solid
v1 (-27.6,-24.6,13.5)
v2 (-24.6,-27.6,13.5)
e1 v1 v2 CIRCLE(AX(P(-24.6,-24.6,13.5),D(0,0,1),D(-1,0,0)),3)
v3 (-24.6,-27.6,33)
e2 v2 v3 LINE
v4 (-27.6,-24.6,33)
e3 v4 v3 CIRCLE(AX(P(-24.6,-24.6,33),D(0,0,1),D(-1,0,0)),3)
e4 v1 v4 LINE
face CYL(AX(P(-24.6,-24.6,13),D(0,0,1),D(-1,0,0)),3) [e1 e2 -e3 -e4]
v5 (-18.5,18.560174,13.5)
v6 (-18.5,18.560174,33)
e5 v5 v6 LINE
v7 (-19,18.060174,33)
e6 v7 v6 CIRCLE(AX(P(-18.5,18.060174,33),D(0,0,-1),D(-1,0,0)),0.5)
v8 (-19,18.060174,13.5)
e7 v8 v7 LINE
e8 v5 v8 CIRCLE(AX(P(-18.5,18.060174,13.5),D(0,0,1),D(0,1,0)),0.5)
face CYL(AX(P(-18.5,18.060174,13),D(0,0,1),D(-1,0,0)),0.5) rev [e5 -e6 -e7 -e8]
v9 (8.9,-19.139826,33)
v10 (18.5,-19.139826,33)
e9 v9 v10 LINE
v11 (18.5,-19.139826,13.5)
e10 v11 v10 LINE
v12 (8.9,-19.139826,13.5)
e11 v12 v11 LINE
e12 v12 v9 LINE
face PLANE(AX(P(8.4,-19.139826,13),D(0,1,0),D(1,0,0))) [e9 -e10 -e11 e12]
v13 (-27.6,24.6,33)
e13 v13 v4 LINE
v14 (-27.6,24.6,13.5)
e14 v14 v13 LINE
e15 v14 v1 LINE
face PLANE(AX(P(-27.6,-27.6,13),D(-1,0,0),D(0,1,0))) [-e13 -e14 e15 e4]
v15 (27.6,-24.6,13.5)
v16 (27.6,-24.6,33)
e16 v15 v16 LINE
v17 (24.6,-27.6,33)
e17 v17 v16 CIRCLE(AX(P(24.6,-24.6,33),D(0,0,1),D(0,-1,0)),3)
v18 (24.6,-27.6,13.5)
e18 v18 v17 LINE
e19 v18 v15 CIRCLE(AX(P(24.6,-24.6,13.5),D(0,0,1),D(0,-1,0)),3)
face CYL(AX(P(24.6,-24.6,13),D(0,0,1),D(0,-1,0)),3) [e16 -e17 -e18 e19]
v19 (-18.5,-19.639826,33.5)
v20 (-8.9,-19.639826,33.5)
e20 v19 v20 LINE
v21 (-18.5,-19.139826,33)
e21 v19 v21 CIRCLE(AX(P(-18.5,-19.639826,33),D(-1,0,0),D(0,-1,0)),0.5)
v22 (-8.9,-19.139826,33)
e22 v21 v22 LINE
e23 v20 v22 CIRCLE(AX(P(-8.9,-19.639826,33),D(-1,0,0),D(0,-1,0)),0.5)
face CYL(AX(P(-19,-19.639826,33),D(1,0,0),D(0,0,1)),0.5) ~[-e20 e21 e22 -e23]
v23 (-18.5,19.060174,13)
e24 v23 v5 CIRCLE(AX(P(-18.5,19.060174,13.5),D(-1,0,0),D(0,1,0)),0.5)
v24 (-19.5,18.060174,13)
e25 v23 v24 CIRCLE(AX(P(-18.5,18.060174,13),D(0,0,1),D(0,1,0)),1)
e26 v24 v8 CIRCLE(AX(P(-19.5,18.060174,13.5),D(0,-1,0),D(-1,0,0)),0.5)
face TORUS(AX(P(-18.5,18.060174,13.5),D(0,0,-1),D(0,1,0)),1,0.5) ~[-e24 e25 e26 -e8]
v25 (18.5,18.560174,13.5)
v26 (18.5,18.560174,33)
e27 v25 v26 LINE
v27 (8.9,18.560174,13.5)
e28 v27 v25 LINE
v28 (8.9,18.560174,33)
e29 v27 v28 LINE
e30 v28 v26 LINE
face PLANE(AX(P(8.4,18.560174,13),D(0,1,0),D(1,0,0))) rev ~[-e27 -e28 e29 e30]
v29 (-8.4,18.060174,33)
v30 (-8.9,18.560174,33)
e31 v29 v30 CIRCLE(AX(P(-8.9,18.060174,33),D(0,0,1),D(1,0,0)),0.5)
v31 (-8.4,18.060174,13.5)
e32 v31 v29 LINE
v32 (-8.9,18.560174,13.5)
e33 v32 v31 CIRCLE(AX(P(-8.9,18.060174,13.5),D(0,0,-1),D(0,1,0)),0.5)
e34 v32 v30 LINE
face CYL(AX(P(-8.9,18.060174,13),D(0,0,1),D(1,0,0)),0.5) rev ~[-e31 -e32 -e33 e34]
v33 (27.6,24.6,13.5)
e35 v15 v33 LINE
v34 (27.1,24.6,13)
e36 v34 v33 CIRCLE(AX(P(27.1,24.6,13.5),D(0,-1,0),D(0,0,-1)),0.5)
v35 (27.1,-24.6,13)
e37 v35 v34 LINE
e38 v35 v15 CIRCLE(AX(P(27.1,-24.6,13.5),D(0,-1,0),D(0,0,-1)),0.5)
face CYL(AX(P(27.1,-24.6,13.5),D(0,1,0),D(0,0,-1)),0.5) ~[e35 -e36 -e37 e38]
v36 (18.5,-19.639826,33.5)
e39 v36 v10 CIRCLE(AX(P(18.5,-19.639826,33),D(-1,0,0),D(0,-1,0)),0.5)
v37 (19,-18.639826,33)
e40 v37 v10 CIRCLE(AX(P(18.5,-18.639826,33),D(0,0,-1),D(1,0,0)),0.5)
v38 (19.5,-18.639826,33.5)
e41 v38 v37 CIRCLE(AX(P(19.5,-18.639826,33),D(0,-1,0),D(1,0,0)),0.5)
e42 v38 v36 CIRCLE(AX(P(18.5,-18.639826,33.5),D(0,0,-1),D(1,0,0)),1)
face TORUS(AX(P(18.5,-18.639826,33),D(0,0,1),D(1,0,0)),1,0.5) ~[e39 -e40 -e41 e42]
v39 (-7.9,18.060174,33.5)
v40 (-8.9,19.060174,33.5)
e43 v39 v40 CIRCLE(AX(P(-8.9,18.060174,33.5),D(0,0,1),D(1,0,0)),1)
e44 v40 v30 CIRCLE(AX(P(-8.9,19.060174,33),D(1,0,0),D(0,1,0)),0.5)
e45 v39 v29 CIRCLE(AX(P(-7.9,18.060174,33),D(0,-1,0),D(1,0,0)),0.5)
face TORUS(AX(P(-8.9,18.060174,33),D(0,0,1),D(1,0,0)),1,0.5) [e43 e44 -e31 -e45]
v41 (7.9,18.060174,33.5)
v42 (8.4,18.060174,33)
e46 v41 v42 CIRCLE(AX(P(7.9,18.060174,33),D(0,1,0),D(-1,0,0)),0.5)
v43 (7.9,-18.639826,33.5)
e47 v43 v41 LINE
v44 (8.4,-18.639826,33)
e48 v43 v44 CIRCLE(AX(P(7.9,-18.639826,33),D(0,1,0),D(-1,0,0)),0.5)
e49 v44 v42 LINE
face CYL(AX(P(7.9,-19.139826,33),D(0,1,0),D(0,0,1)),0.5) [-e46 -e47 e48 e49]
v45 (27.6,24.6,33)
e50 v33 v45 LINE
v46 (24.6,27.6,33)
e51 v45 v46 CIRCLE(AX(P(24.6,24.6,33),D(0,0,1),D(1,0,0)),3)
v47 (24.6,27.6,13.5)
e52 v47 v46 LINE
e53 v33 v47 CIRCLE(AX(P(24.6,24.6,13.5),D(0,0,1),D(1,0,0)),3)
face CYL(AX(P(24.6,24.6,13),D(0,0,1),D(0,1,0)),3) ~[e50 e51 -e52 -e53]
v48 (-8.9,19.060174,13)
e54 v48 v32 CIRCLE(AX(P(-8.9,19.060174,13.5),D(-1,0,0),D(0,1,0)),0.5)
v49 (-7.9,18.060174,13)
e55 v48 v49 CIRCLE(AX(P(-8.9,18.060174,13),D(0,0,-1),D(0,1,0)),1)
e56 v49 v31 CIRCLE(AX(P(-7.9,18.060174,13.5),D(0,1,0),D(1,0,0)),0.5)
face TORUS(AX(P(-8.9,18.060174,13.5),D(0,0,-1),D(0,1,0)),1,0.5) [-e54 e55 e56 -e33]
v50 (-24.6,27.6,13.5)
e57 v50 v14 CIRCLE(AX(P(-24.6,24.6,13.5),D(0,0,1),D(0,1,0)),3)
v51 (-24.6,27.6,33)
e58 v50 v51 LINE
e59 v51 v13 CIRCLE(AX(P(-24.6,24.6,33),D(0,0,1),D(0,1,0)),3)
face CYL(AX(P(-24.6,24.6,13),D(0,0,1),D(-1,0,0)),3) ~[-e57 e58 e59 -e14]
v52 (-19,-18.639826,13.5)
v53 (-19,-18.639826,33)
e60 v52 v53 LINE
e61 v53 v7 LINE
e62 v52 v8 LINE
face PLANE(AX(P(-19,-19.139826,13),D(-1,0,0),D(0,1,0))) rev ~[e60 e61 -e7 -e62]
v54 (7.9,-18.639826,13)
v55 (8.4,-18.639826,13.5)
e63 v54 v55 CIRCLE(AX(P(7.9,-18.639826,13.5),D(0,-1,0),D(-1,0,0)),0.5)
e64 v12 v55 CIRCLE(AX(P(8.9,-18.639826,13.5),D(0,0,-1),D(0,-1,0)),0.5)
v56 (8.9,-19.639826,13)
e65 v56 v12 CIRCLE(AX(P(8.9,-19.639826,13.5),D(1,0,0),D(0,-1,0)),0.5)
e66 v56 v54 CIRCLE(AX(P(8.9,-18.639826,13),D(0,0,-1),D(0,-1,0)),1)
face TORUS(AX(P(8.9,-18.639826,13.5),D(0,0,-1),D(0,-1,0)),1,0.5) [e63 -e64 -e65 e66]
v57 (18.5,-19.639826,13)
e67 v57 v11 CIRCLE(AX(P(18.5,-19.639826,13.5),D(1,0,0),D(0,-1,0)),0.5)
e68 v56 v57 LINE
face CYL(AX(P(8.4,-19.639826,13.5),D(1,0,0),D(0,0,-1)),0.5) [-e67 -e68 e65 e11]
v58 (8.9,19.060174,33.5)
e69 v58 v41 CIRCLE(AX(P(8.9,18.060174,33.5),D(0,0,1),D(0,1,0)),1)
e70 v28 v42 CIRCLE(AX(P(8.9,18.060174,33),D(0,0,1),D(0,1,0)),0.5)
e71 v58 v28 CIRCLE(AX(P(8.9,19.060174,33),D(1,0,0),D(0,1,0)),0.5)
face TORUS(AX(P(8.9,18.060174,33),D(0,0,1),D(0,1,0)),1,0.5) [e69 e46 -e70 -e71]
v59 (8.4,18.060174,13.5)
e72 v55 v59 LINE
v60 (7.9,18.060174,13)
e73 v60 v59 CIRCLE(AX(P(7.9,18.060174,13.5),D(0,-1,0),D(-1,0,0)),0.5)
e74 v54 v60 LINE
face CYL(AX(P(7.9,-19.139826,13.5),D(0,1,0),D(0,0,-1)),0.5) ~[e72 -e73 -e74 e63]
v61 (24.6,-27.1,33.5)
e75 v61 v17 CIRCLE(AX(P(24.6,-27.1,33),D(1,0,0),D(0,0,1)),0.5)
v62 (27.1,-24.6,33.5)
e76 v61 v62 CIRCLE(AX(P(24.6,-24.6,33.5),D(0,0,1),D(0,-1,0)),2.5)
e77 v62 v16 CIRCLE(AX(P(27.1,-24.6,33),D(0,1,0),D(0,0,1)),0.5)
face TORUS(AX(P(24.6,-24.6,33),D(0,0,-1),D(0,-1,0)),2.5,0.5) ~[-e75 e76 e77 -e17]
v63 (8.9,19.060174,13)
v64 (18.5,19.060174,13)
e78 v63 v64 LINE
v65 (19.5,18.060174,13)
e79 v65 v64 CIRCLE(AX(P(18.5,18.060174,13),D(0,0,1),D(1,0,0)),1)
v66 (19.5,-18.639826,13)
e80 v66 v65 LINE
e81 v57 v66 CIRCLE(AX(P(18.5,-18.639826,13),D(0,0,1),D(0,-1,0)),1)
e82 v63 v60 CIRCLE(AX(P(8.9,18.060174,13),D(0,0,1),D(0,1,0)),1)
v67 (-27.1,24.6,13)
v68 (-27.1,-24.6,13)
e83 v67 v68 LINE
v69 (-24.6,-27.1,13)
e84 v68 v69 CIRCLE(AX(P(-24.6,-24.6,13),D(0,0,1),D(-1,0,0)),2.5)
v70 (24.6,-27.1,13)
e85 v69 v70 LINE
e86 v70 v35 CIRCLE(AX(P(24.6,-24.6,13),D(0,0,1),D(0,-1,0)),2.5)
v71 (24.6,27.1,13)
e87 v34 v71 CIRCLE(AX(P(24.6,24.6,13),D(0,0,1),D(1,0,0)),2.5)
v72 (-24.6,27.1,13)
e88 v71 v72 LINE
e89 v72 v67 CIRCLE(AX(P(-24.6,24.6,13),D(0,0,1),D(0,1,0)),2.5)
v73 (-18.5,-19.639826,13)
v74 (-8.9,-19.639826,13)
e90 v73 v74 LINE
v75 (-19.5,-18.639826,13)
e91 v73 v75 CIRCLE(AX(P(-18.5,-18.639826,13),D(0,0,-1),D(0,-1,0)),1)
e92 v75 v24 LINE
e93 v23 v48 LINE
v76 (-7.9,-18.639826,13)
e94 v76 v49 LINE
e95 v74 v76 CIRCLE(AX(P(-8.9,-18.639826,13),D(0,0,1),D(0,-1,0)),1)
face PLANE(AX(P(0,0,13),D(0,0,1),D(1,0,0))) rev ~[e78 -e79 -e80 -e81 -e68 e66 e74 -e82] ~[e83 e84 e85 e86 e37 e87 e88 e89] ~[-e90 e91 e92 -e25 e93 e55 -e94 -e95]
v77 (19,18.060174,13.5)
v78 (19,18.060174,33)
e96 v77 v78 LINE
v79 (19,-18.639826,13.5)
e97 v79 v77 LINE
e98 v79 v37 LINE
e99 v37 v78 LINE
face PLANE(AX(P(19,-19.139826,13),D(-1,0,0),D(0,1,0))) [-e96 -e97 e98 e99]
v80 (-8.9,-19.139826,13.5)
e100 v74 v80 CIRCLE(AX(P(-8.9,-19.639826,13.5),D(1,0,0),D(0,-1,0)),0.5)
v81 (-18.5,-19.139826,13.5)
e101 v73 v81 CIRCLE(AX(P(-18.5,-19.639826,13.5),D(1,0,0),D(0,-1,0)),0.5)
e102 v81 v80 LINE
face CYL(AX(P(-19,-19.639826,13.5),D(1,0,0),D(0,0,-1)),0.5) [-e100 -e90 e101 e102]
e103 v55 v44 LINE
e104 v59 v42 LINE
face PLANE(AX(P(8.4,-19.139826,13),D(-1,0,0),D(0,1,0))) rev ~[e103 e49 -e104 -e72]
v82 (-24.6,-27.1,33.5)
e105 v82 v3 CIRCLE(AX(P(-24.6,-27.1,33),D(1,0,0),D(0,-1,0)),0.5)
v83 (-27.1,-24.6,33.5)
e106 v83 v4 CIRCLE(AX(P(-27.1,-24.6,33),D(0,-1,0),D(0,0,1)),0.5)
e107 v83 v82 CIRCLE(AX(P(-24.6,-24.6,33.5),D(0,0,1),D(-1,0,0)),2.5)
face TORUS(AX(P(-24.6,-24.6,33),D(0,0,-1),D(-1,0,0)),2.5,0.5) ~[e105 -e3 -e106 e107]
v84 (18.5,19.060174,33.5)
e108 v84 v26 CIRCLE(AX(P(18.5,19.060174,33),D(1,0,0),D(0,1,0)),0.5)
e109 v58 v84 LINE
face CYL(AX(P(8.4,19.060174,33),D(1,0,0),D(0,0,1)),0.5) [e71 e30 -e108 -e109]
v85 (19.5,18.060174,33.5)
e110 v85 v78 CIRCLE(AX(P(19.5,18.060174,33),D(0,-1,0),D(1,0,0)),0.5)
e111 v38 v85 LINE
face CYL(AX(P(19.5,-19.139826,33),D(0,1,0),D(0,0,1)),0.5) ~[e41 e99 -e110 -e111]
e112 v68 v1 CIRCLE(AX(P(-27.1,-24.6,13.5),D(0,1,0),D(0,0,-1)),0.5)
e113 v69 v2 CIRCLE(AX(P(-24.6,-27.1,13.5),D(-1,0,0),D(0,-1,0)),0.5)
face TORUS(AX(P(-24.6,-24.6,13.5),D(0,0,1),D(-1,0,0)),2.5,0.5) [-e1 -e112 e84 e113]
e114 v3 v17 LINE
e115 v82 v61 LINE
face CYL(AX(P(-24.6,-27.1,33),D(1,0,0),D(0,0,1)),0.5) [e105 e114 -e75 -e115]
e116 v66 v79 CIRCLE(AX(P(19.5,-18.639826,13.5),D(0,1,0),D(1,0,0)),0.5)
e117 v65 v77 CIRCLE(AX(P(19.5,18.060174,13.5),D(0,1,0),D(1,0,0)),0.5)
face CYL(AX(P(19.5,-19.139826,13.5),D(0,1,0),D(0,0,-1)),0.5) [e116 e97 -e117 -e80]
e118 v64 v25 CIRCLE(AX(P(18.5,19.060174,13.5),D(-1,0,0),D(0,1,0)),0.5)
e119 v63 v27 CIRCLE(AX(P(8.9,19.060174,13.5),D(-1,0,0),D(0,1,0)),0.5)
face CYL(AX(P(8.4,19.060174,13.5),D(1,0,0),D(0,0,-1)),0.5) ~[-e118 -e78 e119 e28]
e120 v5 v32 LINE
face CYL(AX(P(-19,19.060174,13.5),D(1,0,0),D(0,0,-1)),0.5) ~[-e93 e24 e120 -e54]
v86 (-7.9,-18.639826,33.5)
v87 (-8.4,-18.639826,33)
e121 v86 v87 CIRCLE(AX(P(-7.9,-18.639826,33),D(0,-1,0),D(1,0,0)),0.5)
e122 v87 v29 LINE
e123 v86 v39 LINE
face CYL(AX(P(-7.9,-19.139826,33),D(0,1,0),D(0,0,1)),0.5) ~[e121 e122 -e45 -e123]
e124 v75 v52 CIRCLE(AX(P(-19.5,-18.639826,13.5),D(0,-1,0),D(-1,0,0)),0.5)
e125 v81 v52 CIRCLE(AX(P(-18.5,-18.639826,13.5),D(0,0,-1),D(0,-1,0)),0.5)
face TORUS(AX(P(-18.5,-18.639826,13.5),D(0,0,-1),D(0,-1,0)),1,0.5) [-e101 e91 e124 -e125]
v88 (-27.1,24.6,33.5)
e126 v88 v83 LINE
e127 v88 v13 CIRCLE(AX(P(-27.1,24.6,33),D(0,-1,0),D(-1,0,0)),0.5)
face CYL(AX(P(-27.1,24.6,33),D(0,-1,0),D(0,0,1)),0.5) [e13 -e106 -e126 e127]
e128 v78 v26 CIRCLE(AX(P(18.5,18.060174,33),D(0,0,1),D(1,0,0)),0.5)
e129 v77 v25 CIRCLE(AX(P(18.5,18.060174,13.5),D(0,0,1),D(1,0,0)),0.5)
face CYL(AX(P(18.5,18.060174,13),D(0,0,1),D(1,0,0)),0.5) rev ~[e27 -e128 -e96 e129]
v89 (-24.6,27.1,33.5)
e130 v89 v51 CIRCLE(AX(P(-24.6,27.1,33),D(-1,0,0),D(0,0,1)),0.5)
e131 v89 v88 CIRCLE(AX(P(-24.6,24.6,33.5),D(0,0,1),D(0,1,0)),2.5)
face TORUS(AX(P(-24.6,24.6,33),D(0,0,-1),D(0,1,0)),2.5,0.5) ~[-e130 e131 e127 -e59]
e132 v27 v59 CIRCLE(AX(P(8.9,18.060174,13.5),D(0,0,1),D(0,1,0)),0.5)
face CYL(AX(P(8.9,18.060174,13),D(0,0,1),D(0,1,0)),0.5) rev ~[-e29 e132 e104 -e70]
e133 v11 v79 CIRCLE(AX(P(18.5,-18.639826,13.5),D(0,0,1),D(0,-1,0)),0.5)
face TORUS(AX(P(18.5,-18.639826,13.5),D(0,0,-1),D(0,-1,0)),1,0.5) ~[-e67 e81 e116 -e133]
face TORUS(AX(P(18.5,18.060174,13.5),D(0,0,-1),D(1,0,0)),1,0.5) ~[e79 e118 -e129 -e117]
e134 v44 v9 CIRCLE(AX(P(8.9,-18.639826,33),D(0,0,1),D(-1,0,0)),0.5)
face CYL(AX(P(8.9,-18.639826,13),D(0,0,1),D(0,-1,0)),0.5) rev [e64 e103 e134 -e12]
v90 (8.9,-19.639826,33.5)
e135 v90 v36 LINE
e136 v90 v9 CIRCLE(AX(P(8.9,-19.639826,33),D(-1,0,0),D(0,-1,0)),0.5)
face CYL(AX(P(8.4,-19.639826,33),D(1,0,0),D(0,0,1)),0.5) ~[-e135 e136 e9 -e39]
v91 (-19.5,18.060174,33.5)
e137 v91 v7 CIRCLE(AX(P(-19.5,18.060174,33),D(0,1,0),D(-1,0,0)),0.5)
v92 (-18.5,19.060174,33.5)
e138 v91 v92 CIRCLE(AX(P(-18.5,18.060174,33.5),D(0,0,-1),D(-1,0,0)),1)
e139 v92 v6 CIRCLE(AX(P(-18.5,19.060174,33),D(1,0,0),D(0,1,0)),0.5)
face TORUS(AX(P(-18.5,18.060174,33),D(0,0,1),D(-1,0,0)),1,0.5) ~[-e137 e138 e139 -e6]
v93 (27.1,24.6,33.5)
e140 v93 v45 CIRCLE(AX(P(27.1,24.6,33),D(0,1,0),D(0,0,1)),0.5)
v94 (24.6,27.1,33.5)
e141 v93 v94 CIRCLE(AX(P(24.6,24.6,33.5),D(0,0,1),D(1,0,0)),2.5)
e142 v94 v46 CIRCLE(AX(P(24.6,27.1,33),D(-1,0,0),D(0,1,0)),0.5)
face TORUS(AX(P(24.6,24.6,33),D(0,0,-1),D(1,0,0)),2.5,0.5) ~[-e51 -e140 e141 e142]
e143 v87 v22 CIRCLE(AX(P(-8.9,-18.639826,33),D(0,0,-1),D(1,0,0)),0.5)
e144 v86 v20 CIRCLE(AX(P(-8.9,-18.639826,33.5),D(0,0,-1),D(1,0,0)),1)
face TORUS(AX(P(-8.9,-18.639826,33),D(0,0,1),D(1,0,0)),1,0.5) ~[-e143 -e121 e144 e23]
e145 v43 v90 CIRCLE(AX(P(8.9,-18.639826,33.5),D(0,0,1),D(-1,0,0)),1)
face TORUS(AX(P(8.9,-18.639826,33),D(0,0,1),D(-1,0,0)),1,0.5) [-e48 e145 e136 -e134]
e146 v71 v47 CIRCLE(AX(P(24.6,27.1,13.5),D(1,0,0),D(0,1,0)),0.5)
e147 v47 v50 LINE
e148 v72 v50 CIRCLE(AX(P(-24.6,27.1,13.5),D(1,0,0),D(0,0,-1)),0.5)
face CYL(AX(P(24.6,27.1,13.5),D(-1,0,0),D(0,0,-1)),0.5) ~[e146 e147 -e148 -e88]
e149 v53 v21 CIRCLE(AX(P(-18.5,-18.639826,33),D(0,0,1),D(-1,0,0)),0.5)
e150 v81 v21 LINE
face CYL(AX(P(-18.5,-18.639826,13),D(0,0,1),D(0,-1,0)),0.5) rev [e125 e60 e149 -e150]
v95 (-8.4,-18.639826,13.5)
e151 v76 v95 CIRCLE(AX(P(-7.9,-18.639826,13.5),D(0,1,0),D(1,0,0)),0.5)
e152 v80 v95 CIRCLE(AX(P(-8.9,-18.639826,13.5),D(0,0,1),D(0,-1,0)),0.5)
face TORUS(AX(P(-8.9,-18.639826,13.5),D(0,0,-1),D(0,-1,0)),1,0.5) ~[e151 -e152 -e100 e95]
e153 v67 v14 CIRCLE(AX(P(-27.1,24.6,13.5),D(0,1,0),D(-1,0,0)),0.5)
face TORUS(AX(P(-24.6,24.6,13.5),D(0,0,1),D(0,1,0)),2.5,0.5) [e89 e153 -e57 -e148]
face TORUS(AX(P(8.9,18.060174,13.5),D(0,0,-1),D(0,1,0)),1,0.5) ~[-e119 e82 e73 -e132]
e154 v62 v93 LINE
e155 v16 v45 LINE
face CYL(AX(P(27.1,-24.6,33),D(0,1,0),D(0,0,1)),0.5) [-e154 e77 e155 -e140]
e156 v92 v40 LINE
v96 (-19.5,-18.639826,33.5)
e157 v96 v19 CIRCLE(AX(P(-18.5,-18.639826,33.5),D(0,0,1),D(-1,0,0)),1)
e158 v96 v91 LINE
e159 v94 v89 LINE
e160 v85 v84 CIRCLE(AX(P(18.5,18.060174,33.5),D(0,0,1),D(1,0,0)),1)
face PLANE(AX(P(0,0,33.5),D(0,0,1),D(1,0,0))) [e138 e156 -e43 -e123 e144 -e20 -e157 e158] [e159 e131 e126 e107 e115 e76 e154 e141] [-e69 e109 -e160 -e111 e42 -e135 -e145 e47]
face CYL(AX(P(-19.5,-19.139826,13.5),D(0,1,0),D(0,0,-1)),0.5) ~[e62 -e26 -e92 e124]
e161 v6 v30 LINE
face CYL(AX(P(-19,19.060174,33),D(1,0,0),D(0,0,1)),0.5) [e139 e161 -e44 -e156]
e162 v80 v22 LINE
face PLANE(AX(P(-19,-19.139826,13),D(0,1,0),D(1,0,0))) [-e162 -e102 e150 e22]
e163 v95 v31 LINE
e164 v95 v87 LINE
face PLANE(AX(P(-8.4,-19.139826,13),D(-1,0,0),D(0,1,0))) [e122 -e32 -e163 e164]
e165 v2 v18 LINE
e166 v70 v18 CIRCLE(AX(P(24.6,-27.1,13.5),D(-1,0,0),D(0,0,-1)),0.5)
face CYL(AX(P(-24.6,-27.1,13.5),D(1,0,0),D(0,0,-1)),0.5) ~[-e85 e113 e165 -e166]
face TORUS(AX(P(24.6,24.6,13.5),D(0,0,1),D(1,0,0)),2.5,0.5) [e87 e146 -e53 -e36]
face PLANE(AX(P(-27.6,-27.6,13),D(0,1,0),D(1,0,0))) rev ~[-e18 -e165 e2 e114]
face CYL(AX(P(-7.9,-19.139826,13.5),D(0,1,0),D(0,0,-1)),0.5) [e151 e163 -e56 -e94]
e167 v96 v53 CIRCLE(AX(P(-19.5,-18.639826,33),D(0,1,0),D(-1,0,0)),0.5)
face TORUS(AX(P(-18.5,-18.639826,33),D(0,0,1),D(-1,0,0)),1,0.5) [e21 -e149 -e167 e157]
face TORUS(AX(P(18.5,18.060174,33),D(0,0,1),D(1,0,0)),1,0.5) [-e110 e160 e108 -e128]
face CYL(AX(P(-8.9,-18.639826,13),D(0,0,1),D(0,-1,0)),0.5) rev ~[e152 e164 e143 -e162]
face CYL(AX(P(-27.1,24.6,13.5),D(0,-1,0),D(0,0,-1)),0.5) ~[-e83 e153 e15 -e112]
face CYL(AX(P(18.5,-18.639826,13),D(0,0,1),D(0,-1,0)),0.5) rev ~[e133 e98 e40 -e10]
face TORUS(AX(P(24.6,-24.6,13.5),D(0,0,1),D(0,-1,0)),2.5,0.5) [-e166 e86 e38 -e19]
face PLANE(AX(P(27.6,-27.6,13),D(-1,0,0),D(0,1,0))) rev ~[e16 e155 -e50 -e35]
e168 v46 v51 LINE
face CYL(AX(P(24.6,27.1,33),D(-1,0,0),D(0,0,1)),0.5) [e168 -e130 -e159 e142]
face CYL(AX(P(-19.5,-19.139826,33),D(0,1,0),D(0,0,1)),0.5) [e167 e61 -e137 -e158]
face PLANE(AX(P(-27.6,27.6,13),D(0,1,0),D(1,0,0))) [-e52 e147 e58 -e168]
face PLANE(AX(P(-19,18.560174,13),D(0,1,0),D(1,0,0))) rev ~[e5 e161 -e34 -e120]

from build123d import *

# Parameters (mm, degrees)
F1_START = 13
F0_W     = 55.2
F0_H     = 55.2
F0_W_2   = 10.6
F0_H_2   = 37.7
F1_DEPTH = 20.5
F2_R     = 3
F3_R     = 0.5


with BuildPart() as f1:
    # F0 (on Top) → F1 (new body)
    with BuildSketch(Plane.XY.offset(F1_START)):
        Rectangle(F0_W, F0_H)
        with Locations((-13.7, -0.2898262978)):
            Rectangle(F0_W_2, F0_H_2, mode=Mode.SUBTRACT)
        with Locations((13.7, -0.2898262978)):
            Rectangle(F0_W_2, F0_H_2, mode=Mode.SUBTRACT)
    extrude(amount=F1_DEPTH)

    # F2
    f2_edges = [f1.edges().sort_by_distance(p)[0] for p in [
        (-27.6, -27.6, 23.25),
        (27.6, -27.6, 23.25),
        (27.6, 27.6, 23.25),
        (-27.6, 27.6, 23.25),
    ]]
    fillet(f2_edges, radius=F2_R)

    # F3
    f3_edges = [f1.edges().sort_by_distance(p)[0] for p in [
        (-8.4, -0.289826, 33.5),
        (-19, -0.289826, 33.5),
        (-13.7, 18.560174, 33.5),
        (8.4, -0.289826, 33.5),
        (-19, 18.560174, 23.25),
        (-13.7, -19.139826, 33.5),
        (8.4, 18.560174, 23.25),
        (19, -0.289826, 33.5),
        (13.7, -19.139826, 33.5),
        (27.6, 0, 13),
        (0, -27.6, 13),
        (27.6, 0, 33.5),
        (0, -27.6, 33.5),
        (0, 27.6, 33.5),
        (-13.7, 18.560174, 13),
        (13.7, 18.560174, 33.5),
        (-13.7, -19.139826, 13),
        (19, -0.289826, 13),
        (-24.6, -27.6, 23.25),
        (13.7, 18.560174, 13),
        (-26.72132, -26.72132, 33.5),
        (-27.6, -24.6, 23.25),
        (24.6, 27.6, 23.25),
        (26.72132, 26.72132, 13),
        (-8.4, -0.289826, 13),
        (26.72132, 26.72132, 33.5),
        (27.6, 24.6, 23.25),
        (-19, -0.289826, 13),
        (-19, -19.139826, 23.25),
        (-8.4, -19.139826, 23.25),
        (-8.4, 18.560174, 23.25),
        (8.4, -0.289826, 13),
        (19, 18.560174, 23.25),
        (8.4, -19.139826, 23.25),
        (19, -19.139826, 23.25),
        (26.72132, -26.72132, 13),
        (26.72132, -26.72132, 33.5),
        (24.6, -27.6, 23.25),
        (27.6, -24.6, 23.25),
        (-26.72132, -26.72132, 13),
        (-27.6, 0, 33.5),
        (-27.6, 0, 13),
        (0, 27.6, 13),
        (-27.6, 24.6, 23.25),
        (13.7, -19.139826, 13),
        (-24.6, 27.6, 23.25),
        (-26.72132, 26.72132, 13),
        (-26.72132, 26.72132, 33.5),
    ]]
    fillet(f3_edges, radius=F3_R)


solid = f1.part
